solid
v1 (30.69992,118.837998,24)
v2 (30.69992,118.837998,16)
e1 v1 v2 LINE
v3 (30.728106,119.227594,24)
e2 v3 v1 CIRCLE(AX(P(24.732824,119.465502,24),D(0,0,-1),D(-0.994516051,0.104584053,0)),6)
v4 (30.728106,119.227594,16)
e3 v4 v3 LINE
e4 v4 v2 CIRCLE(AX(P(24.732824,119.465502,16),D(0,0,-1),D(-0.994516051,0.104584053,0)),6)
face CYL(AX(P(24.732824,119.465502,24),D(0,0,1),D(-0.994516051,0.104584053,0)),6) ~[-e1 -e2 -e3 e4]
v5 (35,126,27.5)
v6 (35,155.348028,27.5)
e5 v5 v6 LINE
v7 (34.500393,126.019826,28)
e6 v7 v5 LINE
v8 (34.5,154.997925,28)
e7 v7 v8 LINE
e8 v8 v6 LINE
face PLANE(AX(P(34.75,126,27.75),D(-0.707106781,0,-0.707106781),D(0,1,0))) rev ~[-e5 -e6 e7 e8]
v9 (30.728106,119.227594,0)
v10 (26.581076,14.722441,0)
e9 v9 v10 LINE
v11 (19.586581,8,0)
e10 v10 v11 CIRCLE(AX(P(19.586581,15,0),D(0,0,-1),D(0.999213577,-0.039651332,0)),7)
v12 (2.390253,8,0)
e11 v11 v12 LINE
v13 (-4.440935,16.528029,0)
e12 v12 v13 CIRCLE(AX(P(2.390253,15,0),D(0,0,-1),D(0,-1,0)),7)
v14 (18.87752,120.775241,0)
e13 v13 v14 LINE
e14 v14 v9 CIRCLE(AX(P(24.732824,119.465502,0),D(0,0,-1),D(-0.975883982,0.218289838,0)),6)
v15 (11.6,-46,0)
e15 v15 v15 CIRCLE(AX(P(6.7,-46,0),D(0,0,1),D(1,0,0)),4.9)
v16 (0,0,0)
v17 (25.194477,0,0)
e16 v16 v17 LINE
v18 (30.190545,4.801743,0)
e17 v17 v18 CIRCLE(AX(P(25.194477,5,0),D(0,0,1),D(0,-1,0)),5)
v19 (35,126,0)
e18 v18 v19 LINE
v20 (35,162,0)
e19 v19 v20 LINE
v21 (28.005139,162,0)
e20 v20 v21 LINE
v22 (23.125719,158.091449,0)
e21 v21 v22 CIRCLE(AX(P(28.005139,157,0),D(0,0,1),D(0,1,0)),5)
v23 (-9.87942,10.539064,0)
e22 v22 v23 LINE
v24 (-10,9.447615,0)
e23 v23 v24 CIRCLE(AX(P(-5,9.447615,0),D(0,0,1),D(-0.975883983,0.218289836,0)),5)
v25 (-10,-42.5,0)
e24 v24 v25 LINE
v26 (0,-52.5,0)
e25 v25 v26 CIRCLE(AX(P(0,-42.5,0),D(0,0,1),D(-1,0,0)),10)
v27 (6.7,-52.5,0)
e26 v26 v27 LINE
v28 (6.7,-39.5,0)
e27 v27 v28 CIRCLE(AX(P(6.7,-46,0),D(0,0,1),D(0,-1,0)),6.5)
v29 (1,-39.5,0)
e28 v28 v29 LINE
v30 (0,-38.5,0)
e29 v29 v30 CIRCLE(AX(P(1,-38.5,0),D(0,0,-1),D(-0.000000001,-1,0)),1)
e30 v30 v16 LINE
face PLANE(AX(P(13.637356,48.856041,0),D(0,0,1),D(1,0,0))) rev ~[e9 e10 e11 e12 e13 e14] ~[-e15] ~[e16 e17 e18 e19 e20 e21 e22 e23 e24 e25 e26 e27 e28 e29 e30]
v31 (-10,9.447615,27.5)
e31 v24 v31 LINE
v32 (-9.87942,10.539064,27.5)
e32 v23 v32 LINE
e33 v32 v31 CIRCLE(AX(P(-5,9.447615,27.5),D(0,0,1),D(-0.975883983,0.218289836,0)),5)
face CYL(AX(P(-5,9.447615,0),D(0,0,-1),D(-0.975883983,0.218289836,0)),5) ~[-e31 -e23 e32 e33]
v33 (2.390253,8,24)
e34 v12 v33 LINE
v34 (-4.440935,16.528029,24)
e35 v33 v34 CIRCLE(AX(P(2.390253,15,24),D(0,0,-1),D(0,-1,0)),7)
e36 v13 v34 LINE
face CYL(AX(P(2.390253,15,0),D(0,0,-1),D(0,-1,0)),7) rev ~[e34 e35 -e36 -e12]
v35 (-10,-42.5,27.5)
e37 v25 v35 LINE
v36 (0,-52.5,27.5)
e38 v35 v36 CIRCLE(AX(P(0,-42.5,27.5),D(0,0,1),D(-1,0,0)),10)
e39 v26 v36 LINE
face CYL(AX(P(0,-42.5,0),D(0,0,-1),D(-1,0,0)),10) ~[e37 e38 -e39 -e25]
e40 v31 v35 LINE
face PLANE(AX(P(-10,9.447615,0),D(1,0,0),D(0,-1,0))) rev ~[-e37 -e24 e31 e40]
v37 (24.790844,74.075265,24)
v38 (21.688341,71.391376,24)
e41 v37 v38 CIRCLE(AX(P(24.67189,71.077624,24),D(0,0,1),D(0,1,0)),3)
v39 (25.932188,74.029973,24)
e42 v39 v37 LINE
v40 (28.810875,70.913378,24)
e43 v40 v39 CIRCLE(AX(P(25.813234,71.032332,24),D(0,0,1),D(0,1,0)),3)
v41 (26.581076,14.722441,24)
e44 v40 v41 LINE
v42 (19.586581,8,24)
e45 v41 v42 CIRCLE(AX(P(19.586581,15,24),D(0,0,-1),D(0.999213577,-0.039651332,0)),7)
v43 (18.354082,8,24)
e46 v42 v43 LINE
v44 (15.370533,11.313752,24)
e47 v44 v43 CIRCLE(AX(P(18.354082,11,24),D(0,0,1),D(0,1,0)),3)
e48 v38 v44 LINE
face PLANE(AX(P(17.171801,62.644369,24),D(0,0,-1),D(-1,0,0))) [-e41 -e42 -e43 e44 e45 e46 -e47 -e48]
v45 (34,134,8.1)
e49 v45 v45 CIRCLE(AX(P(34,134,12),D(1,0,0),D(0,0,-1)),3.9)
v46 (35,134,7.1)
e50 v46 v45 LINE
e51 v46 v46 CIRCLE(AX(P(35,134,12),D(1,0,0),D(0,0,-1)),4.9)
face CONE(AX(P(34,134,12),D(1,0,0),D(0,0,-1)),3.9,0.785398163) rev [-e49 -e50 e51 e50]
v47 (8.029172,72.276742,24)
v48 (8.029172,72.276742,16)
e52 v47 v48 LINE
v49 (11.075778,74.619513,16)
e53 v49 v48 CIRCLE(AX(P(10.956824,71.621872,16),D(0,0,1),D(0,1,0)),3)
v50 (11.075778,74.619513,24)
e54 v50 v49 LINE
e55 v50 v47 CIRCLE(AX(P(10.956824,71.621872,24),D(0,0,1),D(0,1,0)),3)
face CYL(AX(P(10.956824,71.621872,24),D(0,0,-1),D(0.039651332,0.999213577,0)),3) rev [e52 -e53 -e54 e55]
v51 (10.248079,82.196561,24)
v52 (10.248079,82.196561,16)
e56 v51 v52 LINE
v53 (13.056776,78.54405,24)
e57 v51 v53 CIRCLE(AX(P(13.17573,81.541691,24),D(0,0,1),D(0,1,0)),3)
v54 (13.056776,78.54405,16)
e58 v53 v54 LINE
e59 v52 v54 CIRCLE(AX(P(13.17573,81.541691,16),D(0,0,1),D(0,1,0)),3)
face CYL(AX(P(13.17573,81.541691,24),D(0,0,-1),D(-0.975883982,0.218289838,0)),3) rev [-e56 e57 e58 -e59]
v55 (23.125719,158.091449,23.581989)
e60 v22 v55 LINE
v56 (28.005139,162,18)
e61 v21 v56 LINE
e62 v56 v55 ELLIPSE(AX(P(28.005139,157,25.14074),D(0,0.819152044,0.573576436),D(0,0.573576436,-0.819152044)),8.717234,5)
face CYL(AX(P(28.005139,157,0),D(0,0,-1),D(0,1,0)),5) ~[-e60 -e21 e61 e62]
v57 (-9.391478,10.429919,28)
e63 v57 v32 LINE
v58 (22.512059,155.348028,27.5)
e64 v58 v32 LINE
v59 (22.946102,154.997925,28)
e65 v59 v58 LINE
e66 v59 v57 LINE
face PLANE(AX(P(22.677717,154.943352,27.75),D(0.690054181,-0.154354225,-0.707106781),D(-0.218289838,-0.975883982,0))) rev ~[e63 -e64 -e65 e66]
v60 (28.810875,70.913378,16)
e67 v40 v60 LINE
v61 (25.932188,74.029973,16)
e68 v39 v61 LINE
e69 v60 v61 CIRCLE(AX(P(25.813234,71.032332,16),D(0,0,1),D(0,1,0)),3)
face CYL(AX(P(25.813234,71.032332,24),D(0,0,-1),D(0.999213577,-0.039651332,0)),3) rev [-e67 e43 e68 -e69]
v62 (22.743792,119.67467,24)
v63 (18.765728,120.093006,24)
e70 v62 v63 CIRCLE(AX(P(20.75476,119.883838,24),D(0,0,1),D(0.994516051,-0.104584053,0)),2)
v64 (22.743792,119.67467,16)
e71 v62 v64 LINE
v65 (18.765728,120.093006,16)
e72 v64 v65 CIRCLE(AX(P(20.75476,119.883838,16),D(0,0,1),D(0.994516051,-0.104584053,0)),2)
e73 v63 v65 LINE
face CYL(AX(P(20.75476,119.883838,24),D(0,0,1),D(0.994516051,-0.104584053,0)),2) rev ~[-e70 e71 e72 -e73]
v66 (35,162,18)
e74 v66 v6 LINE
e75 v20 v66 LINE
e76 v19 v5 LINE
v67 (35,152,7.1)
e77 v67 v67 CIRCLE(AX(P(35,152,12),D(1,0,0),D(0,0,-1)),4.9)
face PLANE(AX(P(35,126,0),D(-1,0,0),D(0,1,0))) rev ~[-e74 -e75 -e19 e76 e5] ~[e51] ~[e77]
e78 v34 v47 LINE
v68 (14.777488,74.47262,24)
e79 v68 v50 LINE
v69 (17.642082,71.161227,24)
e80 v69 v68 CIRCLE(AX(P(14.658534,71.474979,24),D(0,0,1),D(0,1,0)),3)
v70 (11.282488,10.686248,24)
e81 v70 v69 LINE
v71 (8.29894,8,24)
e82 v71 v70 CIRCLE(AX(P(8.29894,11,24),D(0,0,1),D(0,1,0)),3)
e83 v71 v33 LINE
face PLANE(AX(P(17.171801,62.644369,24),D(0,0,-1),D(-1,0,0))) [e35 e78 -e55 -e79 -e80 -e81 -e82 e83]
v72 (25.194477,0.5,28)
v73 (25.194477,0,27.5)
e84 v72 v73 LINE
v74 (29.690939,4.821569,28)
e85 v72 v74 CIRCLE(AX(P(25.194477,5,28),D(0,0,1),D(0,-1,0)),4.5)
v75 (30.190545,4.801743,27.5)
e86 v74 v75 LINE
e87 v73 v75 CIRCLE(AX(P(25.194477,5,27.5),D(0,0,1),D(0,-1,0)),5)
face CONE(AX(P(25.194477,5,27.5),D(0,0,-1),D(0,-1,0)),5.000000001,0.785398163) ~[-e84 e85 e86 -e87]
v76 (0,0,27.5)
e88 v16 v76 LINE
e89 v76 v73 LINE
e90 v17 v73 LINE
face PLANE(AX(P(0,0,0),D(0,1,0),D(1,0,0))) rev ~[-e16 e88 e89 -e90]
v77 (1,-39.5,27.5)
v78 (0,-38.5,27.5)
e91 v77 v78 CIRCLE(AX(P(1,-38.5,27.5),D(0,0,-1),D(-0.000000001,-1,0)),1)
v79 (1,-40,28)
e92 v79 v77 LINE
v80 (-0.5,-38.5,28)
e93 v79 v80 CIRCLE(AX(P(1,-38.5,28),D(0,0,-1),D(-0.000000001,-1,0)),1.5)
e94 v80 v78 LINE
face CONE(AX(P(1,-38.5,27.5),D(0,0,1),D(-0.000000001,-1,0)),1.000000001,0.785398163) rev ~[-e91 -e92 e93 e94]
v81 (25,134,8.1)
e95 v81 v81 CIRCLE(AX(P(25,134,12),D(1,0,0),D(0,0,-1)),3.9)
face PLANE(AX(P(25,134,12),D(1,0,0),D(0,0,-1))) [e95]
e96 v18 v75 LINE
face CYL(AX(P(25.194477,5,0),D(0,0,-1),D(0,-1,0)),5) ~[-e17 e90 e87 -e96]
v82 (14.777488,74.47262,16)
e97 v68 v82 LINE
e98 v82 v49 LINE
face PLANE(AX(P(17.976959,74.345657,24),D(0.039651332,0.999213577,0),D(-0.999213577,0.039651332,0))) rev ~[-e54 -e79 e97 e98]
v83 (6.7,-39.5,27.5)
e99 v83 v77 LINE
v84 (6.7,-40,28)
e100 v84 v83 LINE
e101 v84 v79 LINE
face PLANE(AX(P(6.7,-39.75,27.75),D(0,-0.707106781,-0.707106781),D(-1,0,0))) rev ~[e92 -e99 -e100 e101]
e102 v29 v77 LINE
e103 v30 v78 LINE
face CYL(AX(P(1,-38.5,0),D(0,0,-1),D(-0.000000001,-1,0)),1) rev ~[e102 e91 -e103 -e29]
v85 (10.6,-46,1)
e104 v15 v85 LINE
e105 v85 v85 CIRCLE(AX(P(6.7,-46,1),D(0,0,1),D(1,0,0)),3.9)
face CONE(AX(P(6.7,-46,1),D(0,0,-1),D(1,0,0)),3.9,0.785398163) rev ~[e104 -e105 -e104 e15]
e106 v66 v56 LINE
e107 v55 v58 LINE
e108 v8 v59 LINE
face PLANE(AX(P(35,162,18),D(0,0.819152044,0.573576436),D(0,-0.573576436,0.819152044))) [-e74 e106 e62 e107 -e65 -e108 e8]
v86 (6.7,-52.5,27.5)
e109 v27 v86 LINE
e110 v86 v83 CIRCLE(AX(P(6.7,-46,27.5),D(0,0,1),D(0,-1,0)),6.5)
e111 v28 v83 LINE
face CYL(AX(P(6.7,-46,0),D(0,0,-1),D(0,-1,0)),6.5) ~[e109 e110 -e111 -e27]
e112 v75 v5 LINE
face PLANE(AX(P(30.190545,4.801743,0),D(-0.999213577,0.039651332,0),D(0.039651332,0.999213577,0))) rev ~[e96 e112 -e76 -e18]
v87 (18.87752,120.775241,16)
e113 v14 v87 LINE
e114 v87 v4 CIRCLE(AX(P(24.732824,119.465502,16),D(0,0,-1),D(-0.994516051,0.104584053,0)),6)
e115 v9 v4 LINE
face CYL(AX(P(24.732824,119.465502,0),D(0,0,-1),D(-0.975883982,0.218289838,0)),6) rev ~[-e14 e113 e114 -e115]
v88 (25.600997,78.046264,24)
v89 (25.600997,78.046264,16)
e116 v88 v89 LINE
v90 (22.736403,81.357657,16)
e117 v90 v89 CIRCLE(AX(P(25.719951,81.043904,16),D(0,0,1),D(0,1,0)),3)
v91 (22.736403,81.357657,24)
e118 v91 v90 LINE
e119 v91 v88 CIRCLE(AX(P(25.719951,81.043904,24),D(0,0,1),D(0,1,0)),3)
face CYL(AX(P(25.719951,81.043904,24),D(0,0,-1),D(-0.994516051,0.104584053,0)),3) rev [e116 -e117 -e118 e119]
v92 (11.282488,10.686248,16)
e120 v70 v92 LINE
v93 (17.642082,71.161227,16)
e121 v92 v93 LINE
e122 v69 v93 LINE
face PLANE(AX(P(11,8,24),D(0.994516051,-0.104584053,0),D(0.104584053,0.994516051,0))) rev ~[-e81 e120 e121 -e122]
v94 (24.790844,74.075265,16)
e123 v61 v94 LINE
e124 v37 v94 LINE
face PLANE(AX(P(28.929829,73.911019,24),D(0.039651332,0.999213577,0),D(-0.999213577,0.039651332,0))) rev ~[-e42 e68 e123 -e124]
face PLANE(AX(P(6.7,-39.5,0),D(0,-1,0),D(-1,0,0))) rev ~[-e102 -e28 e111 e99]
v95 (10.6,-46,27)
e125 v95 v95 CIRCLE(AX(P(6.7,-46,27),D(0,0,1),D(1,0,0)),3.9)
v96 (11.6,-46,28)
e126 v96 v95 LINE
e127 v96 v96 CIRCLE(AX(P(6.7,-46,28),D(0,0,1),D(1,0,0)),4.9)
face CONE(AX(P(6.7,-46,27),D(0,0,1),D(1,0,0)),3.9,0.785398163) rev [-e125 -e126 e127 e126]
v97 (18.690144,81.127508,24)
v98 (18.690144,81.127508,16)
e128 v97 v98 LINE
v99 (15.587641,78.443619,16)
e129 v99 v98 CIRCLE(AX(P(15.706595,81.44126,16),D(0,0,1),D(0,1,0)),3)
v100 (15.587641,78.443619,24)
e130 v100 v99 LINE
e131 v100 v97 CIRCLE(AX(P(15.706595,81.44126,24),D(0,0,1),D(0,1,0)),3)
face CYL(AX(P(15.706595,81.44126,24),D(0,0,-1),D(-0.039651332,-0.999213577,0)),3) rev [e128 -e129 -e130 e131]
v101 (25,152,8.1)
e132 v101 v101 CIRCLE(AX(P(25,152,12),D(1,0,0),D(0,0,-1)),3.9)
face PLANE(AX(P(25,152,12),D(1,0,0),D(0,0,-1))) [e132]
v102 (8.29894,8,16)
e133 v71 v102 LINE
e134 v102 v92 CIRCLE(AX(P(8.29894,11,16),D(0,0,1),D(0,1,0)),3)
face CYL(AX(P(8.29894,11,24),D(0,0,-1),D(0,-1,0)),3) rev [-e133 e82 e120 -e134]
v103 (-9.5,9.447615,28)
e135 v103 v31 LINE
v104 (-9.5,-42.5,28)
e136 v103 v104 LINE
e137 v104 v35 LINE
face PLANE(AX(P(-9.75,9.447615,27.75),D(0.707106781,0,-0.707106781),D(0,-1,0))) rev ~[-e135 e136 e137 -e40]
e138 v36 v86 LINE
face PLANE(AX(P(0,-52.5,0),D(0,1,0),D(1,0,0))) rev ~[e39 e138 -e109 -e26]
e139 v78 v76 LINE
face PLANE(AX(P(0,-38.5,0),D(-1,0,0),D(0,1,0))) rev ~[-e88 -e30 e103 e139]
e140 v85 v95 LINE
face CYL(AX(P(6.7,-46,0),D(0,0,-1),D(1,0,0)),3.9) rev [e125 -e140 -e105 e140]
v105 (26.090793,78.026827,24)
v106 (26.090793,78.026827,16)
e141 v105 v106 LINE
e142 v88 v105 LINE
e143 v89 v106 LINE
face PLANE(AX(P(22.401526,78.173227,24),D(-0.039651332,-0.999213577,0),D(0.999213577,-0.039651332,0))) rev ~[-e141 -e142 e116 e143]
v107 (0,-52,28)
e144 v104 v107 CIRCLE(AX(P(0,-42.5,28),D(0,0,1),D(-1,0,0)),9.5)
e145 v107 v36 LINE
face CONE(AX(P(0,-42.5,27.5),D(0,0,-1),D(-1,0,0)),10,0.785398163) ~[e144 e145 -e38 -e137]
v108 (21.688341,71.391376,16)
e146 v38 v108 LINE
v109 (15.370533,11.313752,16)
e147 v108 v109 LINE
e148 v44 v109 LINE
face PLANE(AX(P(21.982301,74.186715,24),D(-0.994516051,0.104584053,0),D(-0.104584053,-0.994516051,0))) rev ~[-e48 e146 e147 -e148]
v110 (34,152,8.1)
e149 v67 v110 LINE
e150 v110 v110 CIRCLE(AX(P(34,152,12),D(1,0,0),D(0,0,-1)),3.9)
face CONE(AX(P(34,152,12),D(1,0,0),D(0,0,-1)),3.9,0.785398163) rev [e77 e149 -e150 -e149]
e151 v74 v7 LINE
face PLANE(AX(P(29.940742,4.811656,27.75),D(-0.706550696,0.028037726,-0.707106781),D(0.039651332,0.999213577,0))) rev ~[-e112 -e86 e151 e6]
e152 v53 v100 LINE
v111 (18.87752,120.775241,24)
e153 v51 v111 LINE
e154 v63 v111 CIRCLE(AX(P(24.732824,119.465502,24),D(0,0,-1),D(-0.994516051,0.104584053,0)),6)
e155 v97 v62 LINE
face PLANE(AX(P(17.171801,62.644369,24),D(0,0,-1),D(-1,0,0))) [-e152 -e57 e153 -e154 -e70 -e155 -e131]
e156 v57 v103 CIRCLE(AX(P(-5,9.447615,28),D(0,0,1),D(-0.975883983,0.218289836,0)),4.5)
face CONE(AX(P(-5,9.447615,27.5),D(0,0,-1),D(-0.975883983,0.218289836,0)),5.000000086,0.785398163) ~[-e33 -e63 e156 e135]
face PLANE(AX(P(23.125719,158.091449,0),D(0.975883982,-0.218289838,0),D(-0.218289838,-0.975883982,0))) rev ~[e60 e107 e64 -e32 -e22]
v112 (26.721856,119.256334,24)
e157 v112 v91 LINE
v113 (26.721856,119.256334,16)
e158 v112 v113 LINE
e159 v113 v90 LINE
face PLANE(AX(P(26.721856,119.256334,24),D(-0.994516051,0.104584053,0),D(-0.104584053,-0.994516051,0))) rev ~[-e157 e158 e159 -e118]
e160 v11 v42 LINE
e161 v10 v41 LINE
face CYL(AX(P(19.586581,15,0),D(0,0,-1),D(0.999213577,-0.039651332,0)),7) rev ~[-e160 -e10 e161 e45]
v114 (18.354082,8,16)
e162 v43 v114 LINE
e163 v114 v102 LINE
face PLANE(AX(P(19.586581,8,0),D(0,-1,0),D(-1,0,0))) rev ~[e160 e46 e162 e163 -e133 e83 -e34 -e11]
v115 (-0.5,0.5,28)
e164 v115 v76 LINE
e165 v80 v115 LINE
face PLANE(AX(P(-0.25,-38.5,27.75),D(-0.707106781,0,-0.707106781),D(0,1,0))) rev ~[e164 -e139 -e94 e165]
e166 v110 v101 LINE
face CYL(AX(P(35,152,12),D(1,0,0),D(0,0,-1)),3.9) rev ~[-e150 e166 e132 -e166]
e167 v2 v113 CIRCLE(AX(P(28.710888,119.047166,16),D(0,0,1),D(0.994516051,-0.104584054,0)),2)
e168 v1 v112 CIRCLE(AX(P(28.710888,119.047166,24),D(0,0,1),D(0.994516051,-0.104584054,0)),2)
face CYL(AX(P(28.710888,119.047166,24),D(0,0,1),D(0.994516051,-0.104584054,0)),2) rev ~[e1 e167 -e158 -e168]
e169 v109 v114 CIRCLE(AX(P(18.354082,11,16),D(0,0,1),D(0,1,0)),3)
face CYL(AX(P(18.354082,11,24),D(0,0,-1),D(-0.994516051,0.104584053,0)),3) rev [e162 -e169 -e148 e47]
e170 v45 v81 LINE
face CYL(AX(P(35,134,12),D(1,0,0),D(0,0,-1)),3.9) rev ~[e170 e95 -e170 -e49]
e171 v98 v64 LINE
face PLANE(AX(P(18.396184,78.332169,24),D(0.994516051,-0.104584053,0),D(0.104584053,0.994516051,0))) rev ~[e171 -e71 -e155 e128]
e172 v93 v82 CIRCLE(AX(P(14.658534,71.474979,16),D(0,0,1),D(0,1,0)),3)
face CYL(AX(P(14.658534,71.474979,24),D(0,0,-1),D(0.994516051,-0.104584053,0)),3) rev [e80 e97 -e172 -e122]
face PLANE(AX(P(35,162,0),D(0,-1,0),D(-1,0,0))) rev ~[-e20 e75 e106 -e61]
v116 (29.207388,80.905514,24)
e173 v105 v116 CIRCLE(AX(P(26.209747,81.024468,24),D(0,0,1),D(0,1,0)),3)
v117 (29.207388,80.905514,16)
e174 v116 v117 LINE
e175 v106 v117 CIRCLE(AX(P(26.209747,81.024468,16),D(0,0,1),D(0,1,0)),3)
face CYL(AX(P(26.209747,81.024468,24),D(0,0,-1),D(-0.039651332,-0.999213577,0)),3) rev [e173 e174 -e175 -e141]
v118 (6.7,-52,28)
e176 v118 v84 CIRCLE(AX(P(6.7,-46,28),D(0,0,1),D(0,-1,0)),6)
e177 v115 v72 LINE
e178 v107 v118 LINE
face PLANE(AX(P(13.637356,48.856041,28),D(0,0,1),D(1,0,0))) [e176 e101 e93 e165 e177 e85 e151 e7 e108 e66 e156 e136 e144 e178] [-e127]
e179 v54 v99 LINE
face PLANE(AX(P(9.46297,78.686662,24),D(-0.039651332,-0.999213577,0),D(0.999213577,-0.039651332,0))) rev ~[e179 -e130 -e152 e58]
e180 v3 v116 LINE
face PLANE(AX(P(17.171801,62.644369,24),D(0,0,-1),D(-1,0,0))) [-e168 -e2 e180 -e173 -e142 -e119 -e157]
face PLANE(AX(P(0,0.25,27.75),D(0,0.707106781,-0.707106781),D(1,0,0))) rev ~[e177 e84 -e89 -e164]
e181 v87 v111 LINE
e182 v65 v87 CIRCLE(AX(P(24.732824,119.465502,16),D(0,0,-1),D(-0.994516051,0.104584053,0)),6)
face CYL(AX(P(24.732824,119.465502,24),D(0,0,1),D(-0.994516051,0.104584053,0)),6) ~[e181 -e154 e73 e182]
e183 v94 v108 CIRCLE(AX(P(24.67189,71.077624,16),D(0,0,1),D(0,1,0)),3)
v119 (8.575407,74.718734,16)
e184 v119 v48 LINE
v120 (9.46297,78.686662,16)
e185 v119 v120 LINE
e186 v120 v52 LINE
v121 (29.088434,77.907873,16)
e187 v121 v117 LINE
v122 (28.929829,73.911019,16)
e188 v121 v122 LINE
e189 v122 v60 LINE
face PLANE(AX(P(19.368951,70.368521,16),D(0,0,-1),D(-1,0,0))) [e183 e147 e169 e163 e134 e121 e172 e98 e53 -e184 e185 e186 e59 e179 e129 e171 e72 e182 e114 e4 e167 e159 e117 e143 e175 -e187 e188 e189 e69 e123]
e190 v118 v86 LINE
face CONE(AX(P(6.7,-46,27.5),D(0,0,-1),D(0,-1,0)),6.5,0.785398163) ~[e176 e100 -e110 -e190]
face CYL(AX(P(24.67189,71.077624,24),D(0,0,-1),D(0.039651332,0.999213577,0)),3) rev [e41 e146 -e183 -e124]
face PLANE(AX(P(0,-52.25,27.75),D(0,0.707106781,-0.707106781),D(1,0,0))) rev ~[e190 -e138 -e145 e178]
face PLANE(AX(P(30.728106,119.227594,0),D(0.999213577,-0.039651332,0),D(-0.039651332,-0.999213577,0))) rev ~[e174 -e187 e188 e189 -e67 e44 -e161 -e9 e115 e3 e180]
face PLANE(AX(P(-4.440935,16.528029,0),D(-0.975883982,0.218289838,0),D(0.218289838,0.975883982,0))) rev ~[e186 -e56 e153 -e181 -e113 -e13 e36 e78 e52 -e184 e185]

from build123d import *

# Parameters (mm, degrees)
SKETCH1_R           = 3.9
BOSS_EXTRUDE1_DEPTH = 28
SKETCH4_R           = 3.9
CUT_EXTRUDE2_DEPTH  = 10
CUT_EXTRUDE3_DEPTH  = 24
CHAMFER1_SIZE       = 1
CUT_EXTRUDE4_DEPTH  = 46
BOSS_EXTRUDE2_DEPTH = 8
FILLET1_R           = 3
CHAMFER2_SIZE       = 0.5


with BuildPart() as part:
    # Sketch1 → Boss-Extrude1 (new body)
    with BuildSketch(Plane.XY):
        with BuildLine():
            Line((6.7, -39.5), (1, -39.5))
            ThreePointArc((1, -39.5), (0.292893219, -39.207106781), (0, -38.5))
            Line((0, -38.5), (0, 0))
            Line((0, 0), (25.194477487, 0))
            ThreePointArc((25.194477487, 0), (28.659208118, 1.395053169), (30.190545371, 4.801743338))
            Line((30.190545371, 4.801743338), (35, 126))
            Line((35, 126), (35, 162))
            Line((35, 162), (28.005138809, 162))
            ThreePointArc((28.005138809, 162), (24.87921862, 160.902386831), (23.125718898, 158.091449191))
            Line((23.125718898, 158.091449191), (-9.879419911, 10.539063929))
            ThreePointArc((-9.879419911, 10.539063929), (-9.969763553, 9.996659567), (-10, 9.447614738))
            Line((-10, 9.447614738), (-10, -42.5))
            ThreePointArc((-10, -42.5), (-7.071067812, -49.571067812), (0, -52.5))
            Line((0, -52.5), (6.7, -52.5))
            ThreePointArc((6.7, -52.5), (13.2, -46), (6.7, -39.5))
        make_face()
        with Locations((6.7, -46)):
            Circle(SKETCH1_R, mode=Mode.SUBTRACT)
    extrude(amount=BOSS_EXTRUDE1_DEPTH)

    # Sketch4 → Cut-Extrude2 (cut)
    with BuildSketch(Plane(origin=(35, 0, 0), x_dir=(0, 0, -1), z_dir=(1, 0, 0))):
        with Locations((-12, 152)):
            Circle(SKETCH4_R)
        with Locations((-12, 134)):
            Circle(SKETCH4_R)
    extrude(amount=-CUT_EXTRUDE2_DEPTH, mode=Mode.SUBTRACT)

    # Sketch5 → Cut-Extrude3 (cut)
    with BuildSketch(Plane.XY):
        with BuildLine():
            Line((-4.440935128, 16.528028867), (18.877520205, 120.775240942))
            ThreePointArc((18.877520205, 120.775240942), (25.509806245, 125.414980777), (30.728105558, 119.227593919))
            Line((30.728105558, 119.227593919), (26.581075667, 14.722440673))
            ThreePointArc((26.581075667, 14.722440673), (24.437203514, 9.953074436), (19.58658063, 8))
            Line((19.58658063, 8), (2.390252747, 8))
            ThreePointArc((2.390252747, 8), (-3.073088816, 10.623711736), (-4.440935128, 16.528028867))
        make_face()
    extrude(amount=CUT_EXTRUDE3_DEPTH, mode=Mode.SUBTRACT)

    # Chamfer1
    chamfer1_edges = [part.edges().sort_by_distance(p)[0] for p in [
        (2.8, -46, 0),
        (2.8, -46, 28),
        (35, 152, 15.9),
        (35, 134, 15.9),
    ]]
    chamfer(chamfer1_edges, length=CHAMFER1_SIZE)

    # Sketch6 → Cut-Extrude4 (cut, through all)
    with BuildSketch(Plane(origin=(35, 0, 0), x_dir=(0, 0, -1), z_dir=(1, 0, 0))):
        Polygon((-18, 162), (-28, 154.997924618), (-28, 162), align=None)
    extrude(amount=-CUT_EXTRUDE4_DEPTH, mode=Mode.SUBTRACT)

    # Sketch7 → Boss-Extrude2 (add)
    with BuildSketch(Plane(origin=(0, 0, 24), x_dir=(-1, 0, 0), z_dir=(0, 0, -1))):
        with BuildLine():
            Line((-26.7218562, 119.256333807), (-22.401525887, 78.173226899))
            Line((-22.401525887, 78.173226899), (-29.088434109, 77.907873398))
            Line((-29.088434109, 77.907873398), (-28.929828779, 73.911019091))
            Line((-28.929828779, 73.911019091), (-21.982301269, 74.186714627))
            Line((-21.982301269, 74.186714627), (-15.022056754, 8))
            Line((-15.022056754, 8), (-11, 8))
            Line((-11, 8), (-17.976958991, 74.345656781))
            Line((-17.976958991, 74.345656781), (-8.575406865, 74.718734246))
            Line((-8.575406865, 74.718734246), (-9.462969579, 78.686661673))
            Line((-9.462969579, 78.686661673), (-18.396183609, 78.332169052))
            Line((-18.396183609, 78.332169052), (-22.743791996, 119.67467002))
            ThreePointArc((-22.743791996, 119.67467002), (-20.963928, 121.872870229), (-18.765727791, 120.093006233))
            ThreePointArc((-18.765727791, 120.093006233), (-25.360328417, 125.43259822), (-30.699920404, 118.837997594))
            ThreePointArc((-30.699920404, 118.837997594), (-28.920056409, 121.036197803), (-26.7218562, 119.256333807))
        make_face()
    extrude(amount=BOSS_EXTRUDE2_DEPTH)

    # Fillet1
    fillet1_edges = [part.edges().sort_by_distance(p)[0] for p in [
        (21.982301269, 74.186714627, 20),
        (15.022056754, 8, 20),
        (11, 8, 20),
        (17.976958991, 74.345656781, 20),
        (8.575406865, 74.718734246, 20),
        (9.462969579, 78.686661673, 20),
        (18.396183609, 78.332169052, 20),
        (22.401525887, 78.173226899, 20),
        (29.088434109, 77.907873398, 20),
        (28.929828779, 73.911019091, 20),
    ]]
    fillet(fillet1_edges, radius=FILLET1_R)

    # Chamfer2
    chamfer2_edges = [part.edges().sort_by_distance(p)[0] for p in [
        (32.595272685, 65.400871669, 28),
        (35, 140.498962309, 28),
        (-9.969763553, 9.996659567, 28),
        (-10, -16.526192631, 28),
        (-7.071067812, -49.571067812, 28),
        (3.35, -52.5, 28),
        (13.2, -46, 28),
        (12.597238744, 0, 28),
        (3.85, -39.5, 28),
        (0.292893219, -39.207106781, 28),
        (0, -19.25, 28),
        (28.659208118, 1.395053169, 28),
        (6.277163193, 82.768494273, 28),
    ]]
    chamfer(chamfer2_edges, length=CHAMFER2_SIZE)


solid = part.part
